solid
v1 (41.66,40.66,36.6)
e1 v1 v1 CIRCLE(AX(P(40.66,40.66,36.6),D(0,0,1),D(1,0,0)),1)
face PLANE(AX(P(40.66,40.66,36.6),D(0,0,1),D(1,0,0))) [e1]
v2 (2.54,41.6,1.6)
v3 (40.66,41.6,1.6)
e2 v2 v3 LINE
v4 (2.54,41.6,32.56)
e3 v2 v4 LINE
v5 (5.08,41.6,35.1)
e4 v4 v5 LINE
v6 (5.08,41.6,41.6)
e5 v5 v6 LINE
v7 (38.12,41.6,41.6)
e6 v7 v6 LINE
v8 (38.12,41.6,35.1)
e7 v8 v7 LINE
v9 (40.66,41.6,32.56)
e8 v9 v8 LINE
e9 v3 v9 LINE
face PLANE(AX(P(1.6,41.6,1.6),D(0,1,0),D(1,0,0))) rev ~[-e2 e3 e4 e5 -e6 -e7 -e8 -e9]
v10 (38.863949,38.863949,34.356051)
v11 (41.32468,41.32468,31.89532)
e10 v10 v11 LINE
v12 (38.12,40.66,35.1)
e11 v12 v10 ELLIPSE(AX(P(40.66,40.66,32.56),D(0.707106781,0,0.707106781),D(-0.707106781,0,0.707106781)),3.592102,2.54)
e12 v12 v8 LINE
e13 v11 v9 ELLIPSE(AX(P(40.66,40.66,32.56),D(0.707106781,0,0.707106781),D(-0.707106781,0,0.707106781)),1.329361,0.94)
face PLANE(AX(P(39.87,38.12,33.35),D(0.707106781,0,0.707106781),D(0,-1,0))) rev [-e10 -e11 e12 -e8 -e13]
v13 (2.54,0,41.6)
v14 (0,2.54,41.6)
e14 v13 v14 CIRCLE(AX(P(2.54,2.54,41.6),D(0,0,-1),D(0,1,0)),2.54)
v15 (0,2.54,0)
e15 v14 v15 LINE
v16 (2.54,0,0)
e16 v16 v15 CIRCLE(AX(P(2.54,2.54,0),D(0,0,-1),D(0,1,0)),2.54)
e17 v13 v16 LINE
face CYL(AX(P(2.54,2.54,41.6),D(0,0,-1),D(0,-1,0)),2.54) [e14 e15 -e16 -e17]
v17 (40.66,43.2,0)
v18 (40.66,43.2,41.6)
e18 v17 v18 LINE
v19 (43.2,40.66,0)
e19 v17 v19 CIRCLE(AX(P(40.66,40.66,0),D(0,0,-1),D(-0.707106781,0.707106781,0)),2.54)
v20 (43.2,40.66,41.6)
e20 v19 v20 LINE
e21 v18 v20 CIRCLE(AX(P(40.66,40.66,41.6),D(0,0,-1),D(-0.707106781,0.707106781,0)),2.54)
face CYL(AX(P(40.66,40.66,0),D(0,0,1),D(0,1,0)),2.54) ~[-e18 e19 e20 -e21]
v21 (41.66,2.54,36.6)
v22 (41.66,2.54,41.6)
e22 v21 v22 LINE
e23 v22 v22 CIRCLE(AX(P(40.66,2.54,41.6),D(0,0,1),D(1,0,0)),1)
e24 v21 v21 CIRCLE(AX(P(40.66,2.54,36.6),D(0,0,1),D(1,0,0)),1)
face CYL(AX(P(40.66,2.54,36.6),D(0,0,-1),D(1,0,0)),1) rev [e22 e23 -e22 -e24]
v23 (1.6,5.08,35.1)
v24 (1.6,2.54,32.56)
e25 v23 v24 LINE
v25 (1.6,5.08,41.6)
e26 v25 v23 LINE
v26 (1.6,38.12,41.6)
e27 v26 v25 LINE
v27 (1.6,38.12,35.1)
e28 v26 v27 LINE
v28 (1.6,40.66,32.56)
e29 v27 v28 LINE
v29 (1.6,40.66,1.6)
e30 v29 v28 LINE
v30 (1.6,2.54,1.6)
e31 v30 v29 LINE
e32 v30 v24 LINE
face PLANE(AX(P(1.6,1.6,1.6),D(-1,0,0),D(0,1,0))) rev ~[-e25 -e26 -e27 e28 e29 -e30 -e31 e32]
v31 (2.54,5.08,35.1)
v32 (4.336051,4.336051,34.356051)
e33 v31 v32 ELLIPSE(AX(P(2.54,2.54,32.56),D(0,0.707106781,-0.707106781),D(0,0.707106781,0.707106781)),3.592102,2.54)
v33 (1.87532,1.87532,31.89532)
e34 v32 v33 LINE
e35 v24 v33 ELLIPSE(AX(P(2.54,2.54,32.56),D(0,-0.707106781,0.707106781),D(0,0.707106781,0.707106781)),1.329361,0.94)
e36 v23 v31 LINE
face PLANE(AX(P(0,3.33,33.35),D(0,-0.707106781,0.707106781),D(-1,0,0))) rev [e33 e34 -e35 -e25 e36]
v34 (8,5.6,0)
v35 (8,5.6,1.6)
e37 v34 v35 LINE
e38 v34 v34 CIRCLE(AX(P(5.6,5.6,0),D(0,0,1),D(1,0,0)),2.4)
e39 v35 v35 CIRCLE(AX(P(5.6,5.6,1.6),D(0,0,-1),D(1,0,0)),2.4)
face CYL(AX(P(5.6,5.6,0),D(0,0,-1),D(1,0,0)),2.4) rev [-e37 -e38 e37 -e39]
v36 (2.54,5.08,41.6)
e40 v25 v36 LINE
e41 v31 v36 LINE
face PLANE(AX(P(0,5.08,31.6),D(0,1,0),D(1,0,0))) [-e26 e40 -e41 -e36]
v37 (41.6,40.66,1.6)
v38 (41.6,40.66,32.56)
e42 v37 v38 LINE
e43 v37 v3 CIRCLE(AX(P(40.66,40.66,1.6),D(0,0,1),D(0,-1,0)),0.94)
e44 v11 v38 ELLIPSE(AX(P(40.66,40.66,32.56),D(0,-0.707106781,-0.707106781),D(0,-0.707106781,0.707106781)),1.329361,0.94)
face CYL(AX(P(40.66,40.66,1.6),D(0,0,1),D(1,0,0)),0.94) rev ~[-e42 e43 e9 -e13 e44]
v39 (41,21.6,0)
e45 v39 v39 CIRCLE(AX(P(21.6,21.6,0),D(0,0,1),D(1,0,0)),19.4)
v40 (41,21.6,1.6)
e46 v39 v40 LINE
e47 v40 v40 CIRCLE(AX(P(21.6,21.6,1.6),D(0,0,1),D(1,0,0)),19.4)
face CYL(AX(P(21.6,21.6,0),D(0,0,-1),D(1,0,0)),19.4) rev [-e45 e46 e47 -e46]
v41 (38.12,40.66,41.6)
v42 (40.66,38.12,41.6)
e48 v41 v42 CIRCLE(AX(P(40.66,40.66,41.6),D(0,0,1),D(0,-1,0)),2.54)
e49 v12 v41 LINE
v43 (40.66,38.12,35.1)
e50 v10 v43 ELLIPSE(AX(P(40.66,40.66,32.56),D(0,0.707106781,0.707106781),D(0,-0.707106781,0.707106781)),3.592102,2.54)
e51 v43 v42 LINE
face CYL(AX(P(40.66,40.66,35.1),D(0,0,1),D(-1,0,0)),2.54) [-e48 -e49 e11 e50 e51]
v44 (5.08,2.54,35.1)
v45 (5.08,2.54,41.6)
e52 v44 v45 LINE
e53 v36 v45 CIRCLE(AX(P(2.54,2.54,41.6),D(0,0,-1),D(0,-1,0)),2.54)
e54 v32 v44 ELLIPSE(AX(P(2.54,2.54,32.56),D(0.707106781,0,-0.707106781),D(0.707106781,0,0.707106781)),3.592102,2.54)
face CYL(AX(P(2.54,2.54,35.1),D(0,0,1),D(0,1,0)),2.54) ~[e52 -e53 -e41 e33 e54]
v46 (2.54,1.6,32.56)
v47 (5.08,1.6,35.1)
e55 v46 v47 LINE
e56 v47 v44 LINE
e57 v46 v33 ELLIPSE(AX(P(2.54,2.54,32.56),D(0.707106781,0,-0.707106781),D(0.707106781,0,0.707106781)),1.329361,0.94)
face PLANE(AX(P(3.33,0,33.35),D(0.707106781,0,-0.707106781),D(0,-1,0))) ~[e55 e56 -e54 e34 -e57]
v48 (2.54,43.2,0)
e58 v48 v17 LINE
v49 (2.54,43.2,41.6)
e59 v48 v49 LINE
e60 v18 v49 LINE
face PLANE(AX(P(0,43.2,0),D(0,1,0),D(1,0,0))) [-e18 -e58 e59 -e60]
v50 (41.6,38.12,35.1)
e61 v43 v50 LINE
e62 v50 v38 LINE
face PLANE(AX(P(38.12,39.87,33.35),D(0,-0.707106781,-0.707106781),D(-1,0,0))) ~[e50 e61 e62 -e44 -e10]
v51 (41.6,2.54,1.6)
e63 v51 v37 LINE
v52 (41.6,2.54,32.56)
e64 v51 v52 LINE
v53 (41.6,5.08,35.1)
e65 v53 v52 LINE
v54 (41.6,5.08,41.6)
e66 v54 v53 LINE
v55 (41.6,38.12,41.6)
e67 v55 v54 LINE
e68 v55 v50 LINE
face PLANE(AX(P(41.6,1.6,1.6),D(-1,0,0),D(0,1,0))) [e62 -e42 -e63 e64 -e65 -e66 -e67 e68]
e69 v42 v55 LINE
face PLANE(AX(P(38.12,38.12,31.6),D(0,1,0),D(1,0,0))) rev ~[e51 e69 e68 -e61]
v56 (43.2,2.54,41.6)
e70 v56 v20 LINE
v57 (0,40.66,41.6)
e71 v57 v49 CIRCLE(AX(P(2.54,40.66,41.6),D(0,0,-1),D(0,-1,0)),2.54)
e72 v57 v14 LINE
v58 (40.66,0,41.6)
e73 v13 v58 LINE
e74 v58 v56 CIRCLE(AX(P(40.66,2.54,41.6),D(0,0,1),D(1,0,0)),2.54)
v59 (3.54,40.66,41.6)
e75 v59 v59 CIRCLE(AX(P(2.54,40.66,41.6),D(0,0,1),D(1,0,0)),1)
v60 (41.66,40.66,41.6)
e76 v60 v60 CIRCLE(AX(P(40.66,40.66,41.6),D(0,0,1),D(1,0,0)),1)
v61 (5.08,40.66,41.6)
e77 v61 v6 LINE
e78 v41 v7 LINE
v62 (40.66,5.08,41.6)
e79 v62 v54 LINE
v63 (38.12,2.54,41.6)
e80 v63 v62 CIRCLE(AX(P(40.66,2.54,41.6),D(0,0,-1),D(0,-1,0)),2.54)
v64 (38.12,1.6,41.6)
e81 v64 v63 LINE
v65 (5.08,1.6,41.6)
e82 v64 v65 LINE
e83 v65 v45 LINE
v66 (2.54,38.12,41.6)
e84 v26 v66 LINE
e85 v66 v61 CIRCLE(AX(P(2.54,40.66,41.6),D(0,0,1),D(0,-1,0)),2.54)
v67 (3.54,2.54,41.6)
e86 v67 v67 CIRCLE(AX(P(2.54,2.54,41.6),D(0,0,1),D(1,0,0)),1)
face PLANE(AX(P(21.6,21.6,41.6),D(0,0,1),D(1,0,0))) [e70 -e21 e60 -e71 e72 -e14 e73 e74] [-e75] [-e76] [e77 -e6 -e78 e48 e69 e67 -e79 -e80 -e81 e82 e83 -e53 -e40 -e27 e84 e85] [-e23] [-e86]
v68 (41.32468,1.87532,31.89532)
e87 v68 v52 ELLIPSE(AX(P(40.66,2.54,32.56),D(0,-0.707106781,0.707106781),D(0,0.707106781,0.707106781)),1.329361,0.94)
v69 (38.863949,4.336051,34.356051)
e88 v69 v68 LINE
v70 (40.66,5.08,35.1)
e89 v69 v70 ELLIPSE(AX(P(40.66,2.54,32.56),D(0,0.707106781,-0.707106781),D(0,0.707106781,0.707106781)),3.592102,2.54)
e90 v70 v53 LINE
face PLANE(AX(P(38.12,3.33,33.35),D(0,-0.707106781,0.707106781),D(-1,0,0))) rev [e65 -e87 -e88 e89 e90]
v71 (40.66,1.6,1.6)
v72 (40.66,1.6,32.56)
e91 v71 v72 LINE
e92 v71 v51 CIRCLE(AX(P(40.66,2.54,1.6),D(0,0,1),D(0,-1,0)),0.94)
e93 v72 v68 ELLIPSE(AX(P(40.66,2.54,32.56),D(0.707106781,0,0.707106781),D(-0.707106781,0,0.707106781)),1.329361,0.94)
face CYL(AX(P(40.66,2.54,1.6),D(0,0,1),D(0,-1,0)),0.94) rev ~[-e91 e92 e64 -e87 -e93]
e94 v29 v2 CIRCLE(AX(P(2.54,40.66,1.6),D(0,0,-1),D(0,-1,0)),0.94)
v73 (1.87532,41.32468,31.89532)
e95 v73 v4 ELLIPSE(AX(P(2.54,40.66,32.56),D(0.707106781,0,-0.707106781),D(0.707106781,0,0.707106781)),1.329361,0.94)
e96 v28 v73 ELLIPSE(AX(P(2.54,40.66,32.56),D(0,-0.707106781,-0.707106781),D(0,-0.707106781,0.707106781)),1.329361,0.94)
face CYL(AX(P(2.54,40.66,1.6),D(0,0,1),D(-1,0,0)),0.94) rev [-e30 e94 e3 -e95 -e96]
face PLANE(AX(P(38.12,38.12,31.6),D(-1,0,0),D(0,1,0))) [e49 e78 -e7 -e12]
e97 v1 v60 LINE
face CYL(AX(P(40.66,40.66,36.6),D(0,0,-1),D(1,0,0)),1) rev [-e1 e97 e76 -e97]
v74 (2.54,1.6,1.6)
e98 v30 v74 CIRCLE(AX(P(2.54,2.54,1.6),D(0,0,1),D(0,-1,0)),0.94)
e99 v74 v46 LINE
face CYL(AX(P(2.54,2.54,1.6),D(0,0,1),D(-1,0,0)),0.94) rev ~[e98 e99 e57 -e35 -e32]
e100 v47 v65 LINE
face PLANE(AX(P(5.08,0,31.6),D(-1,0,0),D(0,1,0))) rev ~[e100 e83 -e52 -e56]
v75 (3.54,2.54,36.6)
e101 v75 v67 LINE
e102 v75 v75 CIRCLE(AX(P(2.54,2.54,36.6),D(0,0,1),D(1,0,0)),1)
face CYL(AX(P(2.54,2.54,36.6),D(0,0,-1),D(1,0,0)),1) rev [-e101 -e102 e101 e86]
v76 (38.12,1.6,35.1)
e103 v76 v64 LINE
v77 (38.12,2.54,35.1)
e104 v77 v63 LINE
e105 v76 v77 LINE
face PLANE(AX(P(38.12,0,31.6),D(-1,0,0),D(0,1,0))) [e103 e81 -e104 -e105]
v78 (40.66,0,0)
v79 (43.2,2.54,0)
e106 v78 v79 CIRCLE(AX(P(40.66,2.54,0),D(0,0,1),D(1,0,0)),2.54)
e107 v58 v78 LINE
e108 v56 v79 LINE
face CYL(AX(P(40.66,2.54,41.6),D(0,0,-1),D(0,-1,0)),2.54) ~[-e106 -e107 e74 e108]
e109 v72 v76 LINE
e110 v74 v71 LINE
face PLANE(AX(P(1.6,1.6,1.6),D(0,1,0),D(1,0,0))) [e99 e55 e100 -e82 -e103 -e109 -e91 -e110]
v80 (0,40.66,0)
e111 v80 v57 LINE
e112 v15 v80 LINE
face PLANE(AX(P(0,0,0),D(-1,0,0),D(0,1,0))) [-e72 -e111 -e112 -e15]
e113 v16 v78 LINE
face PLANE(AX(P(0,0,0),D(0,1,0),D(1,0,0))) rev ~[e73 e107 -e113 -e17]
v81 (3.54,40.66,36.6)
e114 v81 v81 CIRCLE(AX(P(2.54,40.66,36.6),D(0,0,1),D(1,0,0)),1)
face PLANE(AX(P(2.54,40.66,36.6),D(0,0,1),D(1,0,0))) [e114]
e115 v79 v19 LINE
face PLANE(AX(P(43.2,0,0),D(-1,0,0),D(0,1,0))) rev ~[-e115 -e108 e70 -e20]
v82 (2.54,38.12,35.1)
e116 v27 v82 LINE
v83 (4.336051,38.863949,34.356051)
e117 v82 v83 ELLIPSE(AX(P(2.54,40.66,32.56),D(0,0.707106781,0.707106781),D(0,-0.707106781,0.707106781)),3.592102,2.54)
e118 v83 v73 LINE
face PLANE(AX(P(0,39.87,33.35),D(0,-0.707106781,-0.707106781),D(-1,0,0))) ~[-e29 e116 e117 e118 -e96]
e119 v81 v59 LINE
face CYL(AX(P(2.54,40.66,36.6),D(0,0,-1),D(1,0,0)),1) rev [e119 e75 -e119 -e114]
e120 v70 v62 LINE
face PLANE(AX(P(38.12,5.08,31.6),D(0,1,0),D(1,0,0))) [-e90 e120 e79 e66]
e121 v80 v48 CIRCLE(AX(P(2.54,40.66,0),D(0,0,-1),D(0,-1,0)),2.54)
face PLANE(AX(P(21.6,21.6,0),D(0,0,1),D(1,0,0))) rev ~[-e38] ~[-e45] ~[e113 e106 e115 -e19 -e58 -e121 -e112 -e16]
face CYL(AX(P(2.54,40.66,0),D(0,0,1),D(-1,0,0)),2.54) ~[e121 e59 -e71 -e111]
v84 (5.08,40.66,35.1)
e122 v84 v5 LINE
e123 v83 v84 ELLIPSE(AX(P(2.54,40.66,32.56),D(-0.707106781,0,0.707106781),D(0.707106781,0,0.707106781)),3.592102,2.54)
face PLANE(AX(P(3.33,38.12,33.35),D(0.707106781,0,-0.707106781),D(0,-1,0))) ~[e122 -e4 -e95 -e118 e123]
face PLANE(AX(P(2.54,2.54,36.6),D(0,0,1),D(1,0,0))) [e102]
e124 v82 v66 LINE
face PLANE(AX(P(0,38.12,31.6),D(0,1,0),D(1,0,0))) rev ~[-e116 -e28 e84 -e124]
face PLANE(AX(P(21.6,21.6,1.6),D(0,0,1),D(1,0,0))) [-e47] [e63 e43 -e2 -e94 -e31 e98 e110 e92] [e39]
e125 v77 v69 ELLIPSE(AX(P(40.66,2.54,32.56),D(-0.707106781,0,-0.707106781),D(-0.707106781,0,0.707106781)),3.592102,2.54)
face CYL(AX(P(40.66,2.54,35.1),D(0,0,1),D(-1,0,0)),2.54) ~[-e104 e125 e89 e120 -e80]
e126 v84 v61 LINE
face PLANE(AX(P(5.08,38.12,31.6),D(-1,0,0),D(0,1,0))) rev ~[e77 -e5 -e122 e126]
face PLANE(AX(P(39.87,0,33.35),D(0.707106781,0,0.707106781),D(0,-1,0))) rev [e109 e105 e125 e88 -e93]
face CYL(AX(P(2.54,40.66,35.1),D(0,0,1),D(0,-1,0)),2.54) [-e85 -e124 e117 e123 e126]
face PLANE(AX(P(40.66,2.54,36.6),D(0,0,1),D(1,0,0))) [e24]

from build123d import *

# Parameters (mm, degrees)
CYLINDER001_R     = 2.4
CYLINDER001_DEPTH = 10
CYLINDER004_R     = 1
CYLINDER004_DEPTH = 5
CYLINDER005_R     = 1
CYLINDER005_DEPTH = 5
CYLINDER003_R     = 1
CYLINDER003_DEPTH = 5
CYLINDER002_R     = 1
CYLINDER002_DEPTH = 5
CYLINDER_R        = 19.4
CYLINDER_DEPTH    = 1.6
BOX004_W          = 5.08
BOX004_H          = 5.08
BOX004_DEPTH      = 10
CHAMFER_SIZE      = 3.5
FILLET002_R       = 2.54
BOX005_W          = 5.08
BOX005_H          = 5.08
BOX005_DEPTH      = 10
CHAMFER001_SIZE   = 3.5
FILLET003_R       = 2.54
BOX003_W          = 5.08
BOX003_H          = 5.08
BOX003_DEPTH      = 10
CHAMFER002_SIZE   = 3.5
FILLET004_R       = 2.54
BOX002_W          = 5.08
BOX002_H          = 5.08
BOX002_DEPTH      = 10
CHAMFER003_SIZE   = 3.5
FILLET001_R       = 2.54
BOX001_W          = 40
BOX001_H          = 40
BOX001_DEPTH      = 41.6
BOX_W             = 43.2
BOX_H             = 43.2
BOX_DEPTH         = 41.6
FILLET_R          = 0.94
FILLET005_R       = 2.54


with BuildPart() as ir:
    # Cylinder001 → Cylinder001 (new body)
    with BuildSketch(Plane(origin=(5.6, 5.6, 0), x_dir=(1, 0, 0), z_dir=(0, 0, 1))):
        Circle(CYLINDER001_R)
    extrude(amount=CYLINDER001_DEPTH)


with BuildPart() as zylinder002:
    # Cylinder004 → Cylinder004 (new body)
    with BuildSketch(Plane(origin=(2.54, 40.66, 36.6), x_dir=(1, 0, 0), z_dir=(0, 0, 1))):
        Circle(CYLINDER004_R)
    extrude(amount=CYLINDER004_DEPTH)


with BuildPart() as zylinder003:
    # Cylinder005 → Cylinder005 (new body)
    with BuildSketch(Plane(origin=(40.66, 40.66, 36.6), x_dir=(1, 0, 0), z_dir=(0, 0, 1))):
        Circle(CYLINDER005_R)
    extrude(amount=CYLINDER005_DEPTH)


with BuildPart() as zylinder001:
    # Cylinder003 → Cylinder003 (new body)
    with BuildSketch(Plane(origin=(40.66, 2.54, 36.6), x_dir=(1, 0, 0), z_dir=(0, 0, 1))):
        Circle(CYLINDER003_R)
    extrude(amount=CYLINDER003_DEPTH)


with BuildPart() as screws:
    # Cylinder002 → Cylinder002 (new body)
    with BuildSketch(Plane(origin=(2.54, 2.54, 36.6), x_dir=(1, 0, 0), z_dir=(0, 0, 1))):
        Circle(CYLINDER002_R)
    extrude(amount=CYLINDER002_DEPTH)

    # Fusion002: union Zylinder002, Zylinder003, Zylinder001
    add(zylinder002.part)
    add(zylinder003.part)
    add(zylinder001.part)


with BuildPart() as speaker:
    # Cylinder → Cylinder (new body)
    with BuildSketch(Plane(origin=(21.6, 21.6, 0), x_dir=(1, 0, 0), z_dir=(0, 0, 1))):
        Circle(CYLINDER_R)
    extrude(amount=CYLINDER_DEPTH)


with BuildPart() as fillet002:
    # Box004 → Box004 (new body)
    with BuildSketch(Plane(origin=(0, 38.12, 31.6), x_dir=(1, 0, 0), z_dir=(0, 0, 1))):
        with Locations((2.54, 2.54)):
            Rectangle(BOX004_W, BOX004_H)
    extrude(amount=BOX004_DEPTH)

    # Chamfer
    chamfer_edges = [fillet002.edges().sort_by_distance(p)[0] for p in [
        (5.08, 40.66, 31.6),
        (2.54, 38.12, 31.6),
    ]]
    chamfer(chamfer_edges, length=CHAMFER_SIZE)

    # Fillet002
    fillet002_edges = [fillet002.edges().sort_by_distance(p)[0] for p in [
        (5.08, 38.12, 38.35),
    ]]
    fillet(fillet002_edges, radius=FILLET002_R)


with BuildPart() as fillet003:
    # Box005 → Box005 (new body)
    with BuildSketch(Plane(origin=(38.12, 38.12, 31.6), x_dir=(1, 0, 0), z_dir=(0, 0, 1))):
        with Locations((2.54, 2.54)):
            Rectangle(BOX005_W, BOX005_H)
    extrude(amount=BOX005_DEPTH)

    # Chamfer001
    chamfer001_edges = [fillet003.edges().sort_by_distance(p)[0] for p in [
        (38.12, 40.66, 31.6),
        (40.66, 38.12, 31.6),
    ]]
    chamfer(chamfer001_edges, length=CHAMFER001_SIZE)

    # Fillet003
    fillet003_edges = [fillet003.edges().sort_by_distance(p)[0] for p in [
        (38.12, 38.12, 38.35),
    ]]
    fillet(fillet003_edges, radius=FILLET003_R)


with BuildPart() as fillet004:
    # Box003 → Box003 (new body)
    with BuildSketch(Plane(origin=(38.12, 0, 31.6), x_dir=(1, 0, 0), z_dir=(0, 0, 1))):
        with Locations((2.54, 2.54)):
            Rectangle(BOX003_W, BOX003_H)
    extrude(amount=BOX003_DEPTH)

    # Chamfer002
    chamfer002_edges = [fillet004.edges().sort_by_distance(p)[0] for p in [
        (38.12, 2.54, 31.6),
        (40.66, 5.08, 31.6),
    ]]
    chamfer(chamfer002_edges, length=CHAMFER002_SIZE)

    # Fillet004
    fillet004_edges = [fillet004.edges().sort_by_distance(p)[0] for p in [
        (38.12, 5.08, 38.35),
    ]]
    fillet(fillet004_edges, radius=FILLET004_R)


with BuildPart() as holder:
    # Box002 → Box002 (new body)
    with BuildSketch(Plane.XY.offset(31.6)):
        with Locations((2.54, 2.54)):
            Rectangle(BOX002_W, BOX002_H)
    extrude(amount=BOX002_DEPTH)

    # Chamfer003
    chamfer003_edges = [holder.edges().sort_by_distance(p)[0] for p in [
        (5.08, 2.54, 31.6),
        (2.54, 5.08, 31.6),
    ]]
    chamfer(chamfer003_edges, length=CHAMFER003_SIZE)

    # Fillet001
    fillet001_edges = [holder.edges().sort_by_distance(p)[0] for p in [
        (5.08, 5.08, 38.35),
    ]]
    fillet(fillet001_edges, radius=FILLET001_R)

    # Fusion: union Fillet002, Fillet003, Fillet004
    add(fillet002.part)
    add(fillet003.part)
    add(fillet004.part)


with BuildPart() as w_rfel001:
    # Box001 → Box001 (new body)
    with BuildSketch(Plane(origin=(1.6, 1.6, 1.6), x_dir=(1, 0, 0), z_dir=(0, 0, 1))):
        with Locations((20, 20)):
            Rectangle(BOX001_W, BOX001_H)
    extrude(amount=BOX001_DEPTH)


with BuildPart() as cut003:
    # Box → Box (new body)
    with BuildSketch(Plane.XY):
        with Locations((21.6, 21.6)):
            Rectangle(BOX_W, BOX_H)
    extrude(amount=BOX_DEPTH)

    # Cut: cut Würfel001
    add(w_rfel001.part, mode=Mode.SUBTRACT)

    # Fillet
    fillet_edges = [cut003.edges().sort_by_distance(p)[0] for p in [
        (41.6, 1.6, 21.6),
        (41.6, 41.6, 21.6),
        (1.6, 41.6, 21.6),
        (1.6, 1.6, 21.6),
    ]]
    fillet(fillet_edges, radius=FILLET_R)

    # Fusion001: union Holder
    add(holder.part)

    # Fillet005
    fillet005_edges = [cut003.edges().sort_by_distance(p)[0] for p in [
        (0, 0, 15.8),
        (0, 43.2, 15.8),
        (43.2, 43.2, 15.8),
        (43.2, 0, 15.8),
        (0, 0, 36.6),
        (0, 43.2, 36.6),
        (43.2, 43.2, 36.6),
        (43.2, 0, 36.6),
    ]]
    fillet(fillet005_edges, radius=FILLET005_R)

    # Cut001: cut Speaker
    add(speaker.part, mode=Mode.SUBTRACT)

    # Cut002: cut Screws
    add(screws.part, mode=Mode.SUBTRACT)

    # Cut003: cut IR
    add(ir.part, mode=Mode.SUBTRACT)


solid = cut003.part
